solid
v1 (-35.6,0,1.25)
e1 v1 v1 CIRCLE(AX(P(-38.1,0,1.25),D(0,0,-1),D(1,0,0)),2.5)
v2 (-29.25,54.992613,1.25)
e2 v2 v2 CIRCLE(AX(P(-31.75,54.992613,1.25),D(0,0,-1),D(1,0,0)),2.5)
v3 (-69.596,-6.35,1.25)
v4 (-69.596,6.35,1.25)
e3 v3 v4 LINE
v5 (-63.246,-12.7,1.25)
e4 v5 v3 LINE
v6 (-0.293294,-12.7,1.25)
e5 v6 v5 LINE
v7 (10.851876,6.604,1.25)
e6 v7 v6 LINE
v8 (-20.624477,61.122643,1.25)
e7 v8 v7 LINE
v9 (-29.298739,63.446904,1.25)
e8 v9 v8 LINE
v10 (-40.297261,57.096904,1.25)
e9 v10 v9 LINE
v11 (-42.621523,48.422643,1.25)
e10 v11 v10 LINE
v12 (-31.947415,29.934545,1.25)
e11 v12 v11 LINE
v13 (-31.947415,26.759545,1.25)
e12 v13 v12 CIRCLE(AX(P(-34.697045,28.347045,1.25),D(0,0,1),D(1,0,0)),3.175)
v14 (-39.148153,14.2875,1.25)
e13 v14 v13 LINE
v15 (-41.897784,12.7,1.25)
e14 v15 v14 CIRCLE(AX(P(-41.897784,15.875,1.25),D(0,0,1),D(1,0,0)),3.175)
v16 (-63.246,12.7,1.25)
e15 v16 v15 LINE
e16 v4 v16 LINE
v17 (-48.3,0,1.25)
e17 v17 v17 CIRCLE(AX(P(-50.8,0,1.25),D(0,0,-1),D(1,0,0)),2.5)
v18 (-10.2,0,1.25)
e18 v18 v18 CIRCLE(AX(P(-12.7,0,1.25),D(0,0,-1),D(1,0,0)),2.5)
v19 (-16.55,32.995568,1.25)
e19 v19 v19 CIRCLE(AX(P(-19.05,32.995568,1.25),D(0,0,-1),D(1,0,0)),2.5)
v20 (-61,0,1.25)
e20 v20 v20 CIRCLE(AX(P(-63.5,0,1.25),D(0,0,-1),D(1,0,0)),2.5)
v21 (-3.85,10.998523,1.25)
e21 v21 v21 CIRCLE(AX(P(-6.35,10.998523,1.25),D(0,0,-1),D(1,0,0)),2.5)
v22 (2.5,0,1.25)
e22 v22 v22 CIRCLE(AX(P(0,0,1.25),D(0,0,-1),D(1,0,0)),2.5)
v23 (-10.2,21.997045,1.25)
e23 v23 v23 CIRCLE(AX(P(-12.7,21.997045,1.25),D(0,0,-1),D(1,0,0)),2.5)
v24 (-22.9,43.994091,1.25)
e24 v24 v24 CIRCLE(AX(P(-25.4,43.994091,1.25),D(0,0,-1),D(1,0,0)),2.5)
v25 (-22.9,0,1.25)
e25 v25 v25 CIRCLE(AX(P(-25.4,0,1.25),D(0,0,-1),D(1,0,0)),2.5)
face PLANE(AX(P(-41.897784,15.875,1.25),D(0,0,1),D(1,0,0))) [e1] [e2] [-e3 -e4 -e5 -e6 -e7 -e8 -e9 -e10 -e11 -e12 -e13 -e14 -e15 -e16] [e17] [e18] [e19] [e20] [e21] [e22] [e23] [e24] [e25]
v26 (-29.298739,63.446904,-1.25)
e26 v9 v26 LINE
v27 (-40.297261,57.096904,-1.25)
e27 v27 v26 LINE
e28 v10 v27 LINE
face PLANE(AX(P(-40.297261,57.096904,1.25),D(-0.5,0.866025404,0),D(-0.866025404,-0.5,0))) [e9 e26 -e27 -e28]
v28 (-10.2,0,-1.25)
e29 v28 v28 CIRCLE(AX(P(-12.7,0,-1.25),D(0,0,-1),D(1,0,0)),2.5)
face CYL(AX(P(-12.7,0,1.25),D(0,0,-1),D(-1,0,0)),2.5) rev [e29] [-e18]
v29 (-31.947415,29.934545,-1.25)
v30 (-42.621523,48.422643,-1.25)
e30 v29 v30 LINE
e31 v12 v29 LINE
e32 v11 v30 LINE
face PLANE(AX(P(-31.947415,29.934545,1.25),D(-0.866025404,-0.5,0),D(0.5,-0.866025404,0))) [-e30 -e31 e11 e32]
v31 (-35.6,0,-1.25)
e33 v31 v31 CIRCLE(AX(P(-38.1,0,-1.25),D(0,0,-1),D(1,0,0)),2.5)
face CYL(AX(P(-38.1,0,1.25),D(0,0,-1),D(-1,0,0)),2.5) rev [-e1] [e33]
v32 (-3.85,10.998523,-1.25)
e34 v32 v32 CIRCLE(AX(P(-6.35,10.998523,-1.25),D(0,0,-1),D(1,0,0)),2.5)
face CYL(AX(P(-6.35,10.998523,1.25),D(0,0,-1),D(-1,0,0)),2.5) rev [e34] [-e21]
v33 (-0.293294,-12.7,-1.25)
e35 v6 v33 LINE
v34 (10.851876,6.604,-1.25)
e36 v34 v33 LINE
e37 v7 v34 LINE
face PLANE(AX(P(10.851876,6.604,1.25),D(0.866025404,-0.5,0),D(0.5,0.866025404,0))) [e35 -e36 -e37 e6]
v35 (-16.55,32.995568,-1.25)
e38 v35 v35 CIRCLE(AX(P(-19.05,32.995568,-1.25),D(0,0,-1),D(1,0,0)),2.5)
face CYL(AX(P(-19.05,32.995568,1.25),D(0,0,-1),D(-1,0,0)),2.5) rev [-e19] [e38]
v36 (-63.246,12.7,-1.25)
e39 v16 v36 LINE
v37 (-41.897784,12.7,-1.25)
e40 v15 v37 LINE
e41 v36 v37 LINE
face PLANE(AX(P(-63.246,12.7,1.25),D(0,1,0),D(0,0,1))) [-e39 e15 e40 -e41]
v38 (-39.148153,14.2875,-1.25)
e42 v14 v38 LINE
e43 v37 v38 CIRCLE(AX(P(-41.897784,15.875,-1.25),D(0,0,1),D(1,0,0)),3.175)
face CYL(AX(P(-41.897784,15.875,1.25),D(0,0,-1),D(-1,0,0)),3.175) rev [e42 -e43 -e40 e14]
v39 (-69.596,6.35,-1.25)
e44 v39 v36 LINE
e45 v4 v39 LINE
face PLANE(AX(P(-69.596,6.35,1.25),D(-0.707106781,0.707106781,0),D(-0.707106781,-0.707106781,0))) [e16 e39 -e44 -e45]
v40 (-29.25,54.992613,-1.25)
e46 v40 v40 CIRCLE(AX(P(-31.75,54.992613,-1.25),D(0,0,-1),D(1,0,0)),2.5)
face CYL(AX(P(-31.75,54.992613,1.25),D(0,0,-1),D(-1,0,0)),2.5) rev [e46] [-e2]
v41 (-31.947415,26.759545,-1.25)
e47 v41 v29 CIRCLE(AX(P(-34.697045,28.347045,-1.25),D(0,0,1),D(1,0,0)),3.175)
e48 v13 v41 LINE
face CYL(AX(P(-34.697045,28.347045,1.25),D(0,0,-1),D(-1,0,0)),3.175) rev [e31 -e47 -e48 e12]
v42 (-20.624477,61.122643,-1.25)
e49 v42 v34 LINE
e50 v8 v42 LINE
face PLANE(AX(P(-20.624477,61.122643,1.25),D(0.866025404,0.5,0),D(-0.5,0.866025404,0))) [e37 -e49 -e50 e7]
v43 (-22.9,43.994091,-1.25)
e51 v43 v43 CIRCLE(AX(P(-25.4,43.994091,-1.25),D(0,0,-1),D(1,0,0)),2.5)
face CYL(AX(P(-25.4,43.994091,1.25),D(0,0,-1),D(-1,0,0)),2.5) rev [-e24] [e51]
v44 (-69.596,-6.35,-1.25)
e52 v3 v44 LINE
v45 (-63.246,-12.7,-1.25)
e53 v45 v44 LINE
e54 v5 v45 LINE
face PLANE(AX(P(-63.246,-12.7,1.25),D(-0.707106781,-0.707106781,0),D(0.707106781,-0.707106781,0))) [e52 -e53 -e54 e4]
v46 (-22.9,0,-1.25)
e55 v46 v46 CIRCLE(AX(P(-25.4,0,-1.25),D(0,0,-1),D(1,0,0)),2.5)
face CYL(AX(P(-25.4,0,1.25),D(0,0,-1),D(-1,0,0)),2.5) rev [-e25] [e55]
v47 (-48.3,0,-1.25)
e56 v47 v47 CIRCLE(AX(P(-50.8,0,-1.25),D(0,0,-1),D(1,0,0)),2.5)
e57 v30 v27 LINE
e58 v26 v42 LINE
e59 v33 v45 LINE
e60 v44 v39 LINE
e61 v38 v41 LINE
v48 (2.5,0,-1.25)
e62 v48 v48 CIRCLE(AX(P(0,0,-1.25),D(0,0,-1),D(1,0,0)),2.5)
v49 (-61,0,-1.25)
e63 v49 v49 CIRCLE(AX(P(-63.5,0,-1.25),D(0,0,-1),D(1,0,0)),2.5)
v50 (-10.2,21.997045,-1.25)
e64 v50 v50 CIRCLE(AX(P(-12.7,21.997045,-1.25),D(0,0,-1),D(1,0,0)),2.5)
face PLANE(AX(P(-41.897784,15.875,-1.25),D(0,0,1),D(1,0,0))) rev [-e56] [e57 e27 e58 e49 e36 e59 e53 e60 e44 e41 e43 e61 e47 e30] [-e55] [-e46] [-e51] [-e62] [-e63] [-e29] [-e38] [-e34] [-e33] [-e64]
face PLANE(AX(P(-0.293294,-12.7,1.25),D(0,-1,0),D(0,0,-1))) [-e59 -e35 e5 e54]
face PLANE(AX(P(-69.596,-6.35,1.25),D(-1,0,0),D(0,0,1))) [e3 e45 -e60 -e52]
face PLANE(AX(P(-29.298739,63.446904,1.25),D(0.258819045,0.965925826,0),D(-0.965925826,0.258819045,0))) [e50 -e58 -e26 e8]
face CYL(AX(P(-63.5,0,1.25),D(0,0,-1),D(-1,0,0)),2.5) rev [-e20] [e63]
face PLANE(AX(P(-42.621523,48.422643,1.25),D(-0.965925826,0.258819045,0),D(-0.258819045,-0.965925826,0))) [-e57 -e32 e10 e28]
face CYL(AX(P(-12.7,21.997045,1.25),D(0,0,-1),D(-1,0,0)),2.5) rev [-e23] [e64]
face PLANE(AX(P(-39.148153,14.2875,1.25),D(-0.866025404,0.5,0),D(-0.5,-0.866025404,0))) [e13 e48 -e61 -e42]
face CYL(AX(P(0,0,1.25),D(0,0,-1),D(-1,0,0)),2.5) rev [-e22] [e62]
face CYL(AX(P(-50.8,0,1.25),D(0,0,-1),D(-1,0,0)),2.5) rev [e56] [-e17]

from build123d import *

# Parameters (mm, degrees)
SKETCH1_R           = 2.5
BOSS_EXTRUDE1_DEPTH = 2.5


with BuildPart() as part:
    # Sketch1 → Boss-Extrude1 (new body)
    with BuildSketch(Plane(origin=(0, 0, -1.25), x_dir=(-1, 0, 0), z_dir=(0, 0, -1))):
        with BuildLine():
            Line((0.293293937, -12.7), (63.246, -12.7))
            Line((63.246, -12.7), (69.596, -6.35))
            Line((69.596, -6.35), (69.596, 6.35))
            Line((69.596, 6.35), (63.246, 12.7))
            Line((63.246, 12.7), (41.897783942, 12.7))
            ThreePointArc((41.897783942, 12.7), (40.310283942, 13.125369343), (39.148153285, 14.2875))
            Line((39.148153285, 14.2875), (31.947414599, 26.759545256))
            ThreePointArc((31.947414599, 26.759545256), (31.522045256, 28.347045256), (31.947414599, 29.934545256))
            Line((31.947414599, 29.934545256), (42.621522628, 48.422642688))
            Line((42.621522628, 48.422642688), (40.297261314, 57.096904002))
            Line((40.297261314, 57.096904002), (29.298738686, 63.446904002))
            Line((29.298738686, 63.446904002), (20.624477372, 61.122642688))
            Line((20.624477372, 61.122642688), (-10.85187566, 6.604))
            Line((-10.85187566, 6.604), (0.293293937, -12.7))
        make_face()
        with Locations((12.7, 0)):
            Circle(SKETCH1_R, mode=Mode.SUBTRACT)
        with Locations((25.4, 0)):
            Circle(SKETCH1_R, mode=Mode.SUBTRACT)
        with Locations((38.1, 0)):
            Circle(SKETCH1_R, mode=Mode.SUBTRACT)
        Circle(SKETCH1_R, mode=Mode.SUBTRACT)
        with Locations((63.5, 0)):
            Circle(SKETCH1_R, mode=Mode.SUBTRACT)
        with Locations((50.8, 0)):
            Circle(SKETCH1_R, mode=Mode.SUBTRACT)
        with Locations((31.75, 54.99261314)):
            Circle(SKETCH1_R, mode=Mode.SUBTRACT)
        with Locations((25.4, 43.994090512)):
            Circle(SKETCH1_R, mode=Mode.SUBTRACT)
        with Locations((19.05, 32.995567884)):
            Circle(SKETCH1_R, mode=Mode.SUBTRACT)
        with Locations((12.7, 21.997045256)):
            Circle(SKETCH1_R, mode=Mode.SUBTRACT)
        with Locations((6.35, 10.998522628)):
            Circle(SKETCH1_R, mode=Mode.SUBTRACT)
    extrude(amount=-BOSS_EXTRUDE1_DEPTH)


solid = part.part
